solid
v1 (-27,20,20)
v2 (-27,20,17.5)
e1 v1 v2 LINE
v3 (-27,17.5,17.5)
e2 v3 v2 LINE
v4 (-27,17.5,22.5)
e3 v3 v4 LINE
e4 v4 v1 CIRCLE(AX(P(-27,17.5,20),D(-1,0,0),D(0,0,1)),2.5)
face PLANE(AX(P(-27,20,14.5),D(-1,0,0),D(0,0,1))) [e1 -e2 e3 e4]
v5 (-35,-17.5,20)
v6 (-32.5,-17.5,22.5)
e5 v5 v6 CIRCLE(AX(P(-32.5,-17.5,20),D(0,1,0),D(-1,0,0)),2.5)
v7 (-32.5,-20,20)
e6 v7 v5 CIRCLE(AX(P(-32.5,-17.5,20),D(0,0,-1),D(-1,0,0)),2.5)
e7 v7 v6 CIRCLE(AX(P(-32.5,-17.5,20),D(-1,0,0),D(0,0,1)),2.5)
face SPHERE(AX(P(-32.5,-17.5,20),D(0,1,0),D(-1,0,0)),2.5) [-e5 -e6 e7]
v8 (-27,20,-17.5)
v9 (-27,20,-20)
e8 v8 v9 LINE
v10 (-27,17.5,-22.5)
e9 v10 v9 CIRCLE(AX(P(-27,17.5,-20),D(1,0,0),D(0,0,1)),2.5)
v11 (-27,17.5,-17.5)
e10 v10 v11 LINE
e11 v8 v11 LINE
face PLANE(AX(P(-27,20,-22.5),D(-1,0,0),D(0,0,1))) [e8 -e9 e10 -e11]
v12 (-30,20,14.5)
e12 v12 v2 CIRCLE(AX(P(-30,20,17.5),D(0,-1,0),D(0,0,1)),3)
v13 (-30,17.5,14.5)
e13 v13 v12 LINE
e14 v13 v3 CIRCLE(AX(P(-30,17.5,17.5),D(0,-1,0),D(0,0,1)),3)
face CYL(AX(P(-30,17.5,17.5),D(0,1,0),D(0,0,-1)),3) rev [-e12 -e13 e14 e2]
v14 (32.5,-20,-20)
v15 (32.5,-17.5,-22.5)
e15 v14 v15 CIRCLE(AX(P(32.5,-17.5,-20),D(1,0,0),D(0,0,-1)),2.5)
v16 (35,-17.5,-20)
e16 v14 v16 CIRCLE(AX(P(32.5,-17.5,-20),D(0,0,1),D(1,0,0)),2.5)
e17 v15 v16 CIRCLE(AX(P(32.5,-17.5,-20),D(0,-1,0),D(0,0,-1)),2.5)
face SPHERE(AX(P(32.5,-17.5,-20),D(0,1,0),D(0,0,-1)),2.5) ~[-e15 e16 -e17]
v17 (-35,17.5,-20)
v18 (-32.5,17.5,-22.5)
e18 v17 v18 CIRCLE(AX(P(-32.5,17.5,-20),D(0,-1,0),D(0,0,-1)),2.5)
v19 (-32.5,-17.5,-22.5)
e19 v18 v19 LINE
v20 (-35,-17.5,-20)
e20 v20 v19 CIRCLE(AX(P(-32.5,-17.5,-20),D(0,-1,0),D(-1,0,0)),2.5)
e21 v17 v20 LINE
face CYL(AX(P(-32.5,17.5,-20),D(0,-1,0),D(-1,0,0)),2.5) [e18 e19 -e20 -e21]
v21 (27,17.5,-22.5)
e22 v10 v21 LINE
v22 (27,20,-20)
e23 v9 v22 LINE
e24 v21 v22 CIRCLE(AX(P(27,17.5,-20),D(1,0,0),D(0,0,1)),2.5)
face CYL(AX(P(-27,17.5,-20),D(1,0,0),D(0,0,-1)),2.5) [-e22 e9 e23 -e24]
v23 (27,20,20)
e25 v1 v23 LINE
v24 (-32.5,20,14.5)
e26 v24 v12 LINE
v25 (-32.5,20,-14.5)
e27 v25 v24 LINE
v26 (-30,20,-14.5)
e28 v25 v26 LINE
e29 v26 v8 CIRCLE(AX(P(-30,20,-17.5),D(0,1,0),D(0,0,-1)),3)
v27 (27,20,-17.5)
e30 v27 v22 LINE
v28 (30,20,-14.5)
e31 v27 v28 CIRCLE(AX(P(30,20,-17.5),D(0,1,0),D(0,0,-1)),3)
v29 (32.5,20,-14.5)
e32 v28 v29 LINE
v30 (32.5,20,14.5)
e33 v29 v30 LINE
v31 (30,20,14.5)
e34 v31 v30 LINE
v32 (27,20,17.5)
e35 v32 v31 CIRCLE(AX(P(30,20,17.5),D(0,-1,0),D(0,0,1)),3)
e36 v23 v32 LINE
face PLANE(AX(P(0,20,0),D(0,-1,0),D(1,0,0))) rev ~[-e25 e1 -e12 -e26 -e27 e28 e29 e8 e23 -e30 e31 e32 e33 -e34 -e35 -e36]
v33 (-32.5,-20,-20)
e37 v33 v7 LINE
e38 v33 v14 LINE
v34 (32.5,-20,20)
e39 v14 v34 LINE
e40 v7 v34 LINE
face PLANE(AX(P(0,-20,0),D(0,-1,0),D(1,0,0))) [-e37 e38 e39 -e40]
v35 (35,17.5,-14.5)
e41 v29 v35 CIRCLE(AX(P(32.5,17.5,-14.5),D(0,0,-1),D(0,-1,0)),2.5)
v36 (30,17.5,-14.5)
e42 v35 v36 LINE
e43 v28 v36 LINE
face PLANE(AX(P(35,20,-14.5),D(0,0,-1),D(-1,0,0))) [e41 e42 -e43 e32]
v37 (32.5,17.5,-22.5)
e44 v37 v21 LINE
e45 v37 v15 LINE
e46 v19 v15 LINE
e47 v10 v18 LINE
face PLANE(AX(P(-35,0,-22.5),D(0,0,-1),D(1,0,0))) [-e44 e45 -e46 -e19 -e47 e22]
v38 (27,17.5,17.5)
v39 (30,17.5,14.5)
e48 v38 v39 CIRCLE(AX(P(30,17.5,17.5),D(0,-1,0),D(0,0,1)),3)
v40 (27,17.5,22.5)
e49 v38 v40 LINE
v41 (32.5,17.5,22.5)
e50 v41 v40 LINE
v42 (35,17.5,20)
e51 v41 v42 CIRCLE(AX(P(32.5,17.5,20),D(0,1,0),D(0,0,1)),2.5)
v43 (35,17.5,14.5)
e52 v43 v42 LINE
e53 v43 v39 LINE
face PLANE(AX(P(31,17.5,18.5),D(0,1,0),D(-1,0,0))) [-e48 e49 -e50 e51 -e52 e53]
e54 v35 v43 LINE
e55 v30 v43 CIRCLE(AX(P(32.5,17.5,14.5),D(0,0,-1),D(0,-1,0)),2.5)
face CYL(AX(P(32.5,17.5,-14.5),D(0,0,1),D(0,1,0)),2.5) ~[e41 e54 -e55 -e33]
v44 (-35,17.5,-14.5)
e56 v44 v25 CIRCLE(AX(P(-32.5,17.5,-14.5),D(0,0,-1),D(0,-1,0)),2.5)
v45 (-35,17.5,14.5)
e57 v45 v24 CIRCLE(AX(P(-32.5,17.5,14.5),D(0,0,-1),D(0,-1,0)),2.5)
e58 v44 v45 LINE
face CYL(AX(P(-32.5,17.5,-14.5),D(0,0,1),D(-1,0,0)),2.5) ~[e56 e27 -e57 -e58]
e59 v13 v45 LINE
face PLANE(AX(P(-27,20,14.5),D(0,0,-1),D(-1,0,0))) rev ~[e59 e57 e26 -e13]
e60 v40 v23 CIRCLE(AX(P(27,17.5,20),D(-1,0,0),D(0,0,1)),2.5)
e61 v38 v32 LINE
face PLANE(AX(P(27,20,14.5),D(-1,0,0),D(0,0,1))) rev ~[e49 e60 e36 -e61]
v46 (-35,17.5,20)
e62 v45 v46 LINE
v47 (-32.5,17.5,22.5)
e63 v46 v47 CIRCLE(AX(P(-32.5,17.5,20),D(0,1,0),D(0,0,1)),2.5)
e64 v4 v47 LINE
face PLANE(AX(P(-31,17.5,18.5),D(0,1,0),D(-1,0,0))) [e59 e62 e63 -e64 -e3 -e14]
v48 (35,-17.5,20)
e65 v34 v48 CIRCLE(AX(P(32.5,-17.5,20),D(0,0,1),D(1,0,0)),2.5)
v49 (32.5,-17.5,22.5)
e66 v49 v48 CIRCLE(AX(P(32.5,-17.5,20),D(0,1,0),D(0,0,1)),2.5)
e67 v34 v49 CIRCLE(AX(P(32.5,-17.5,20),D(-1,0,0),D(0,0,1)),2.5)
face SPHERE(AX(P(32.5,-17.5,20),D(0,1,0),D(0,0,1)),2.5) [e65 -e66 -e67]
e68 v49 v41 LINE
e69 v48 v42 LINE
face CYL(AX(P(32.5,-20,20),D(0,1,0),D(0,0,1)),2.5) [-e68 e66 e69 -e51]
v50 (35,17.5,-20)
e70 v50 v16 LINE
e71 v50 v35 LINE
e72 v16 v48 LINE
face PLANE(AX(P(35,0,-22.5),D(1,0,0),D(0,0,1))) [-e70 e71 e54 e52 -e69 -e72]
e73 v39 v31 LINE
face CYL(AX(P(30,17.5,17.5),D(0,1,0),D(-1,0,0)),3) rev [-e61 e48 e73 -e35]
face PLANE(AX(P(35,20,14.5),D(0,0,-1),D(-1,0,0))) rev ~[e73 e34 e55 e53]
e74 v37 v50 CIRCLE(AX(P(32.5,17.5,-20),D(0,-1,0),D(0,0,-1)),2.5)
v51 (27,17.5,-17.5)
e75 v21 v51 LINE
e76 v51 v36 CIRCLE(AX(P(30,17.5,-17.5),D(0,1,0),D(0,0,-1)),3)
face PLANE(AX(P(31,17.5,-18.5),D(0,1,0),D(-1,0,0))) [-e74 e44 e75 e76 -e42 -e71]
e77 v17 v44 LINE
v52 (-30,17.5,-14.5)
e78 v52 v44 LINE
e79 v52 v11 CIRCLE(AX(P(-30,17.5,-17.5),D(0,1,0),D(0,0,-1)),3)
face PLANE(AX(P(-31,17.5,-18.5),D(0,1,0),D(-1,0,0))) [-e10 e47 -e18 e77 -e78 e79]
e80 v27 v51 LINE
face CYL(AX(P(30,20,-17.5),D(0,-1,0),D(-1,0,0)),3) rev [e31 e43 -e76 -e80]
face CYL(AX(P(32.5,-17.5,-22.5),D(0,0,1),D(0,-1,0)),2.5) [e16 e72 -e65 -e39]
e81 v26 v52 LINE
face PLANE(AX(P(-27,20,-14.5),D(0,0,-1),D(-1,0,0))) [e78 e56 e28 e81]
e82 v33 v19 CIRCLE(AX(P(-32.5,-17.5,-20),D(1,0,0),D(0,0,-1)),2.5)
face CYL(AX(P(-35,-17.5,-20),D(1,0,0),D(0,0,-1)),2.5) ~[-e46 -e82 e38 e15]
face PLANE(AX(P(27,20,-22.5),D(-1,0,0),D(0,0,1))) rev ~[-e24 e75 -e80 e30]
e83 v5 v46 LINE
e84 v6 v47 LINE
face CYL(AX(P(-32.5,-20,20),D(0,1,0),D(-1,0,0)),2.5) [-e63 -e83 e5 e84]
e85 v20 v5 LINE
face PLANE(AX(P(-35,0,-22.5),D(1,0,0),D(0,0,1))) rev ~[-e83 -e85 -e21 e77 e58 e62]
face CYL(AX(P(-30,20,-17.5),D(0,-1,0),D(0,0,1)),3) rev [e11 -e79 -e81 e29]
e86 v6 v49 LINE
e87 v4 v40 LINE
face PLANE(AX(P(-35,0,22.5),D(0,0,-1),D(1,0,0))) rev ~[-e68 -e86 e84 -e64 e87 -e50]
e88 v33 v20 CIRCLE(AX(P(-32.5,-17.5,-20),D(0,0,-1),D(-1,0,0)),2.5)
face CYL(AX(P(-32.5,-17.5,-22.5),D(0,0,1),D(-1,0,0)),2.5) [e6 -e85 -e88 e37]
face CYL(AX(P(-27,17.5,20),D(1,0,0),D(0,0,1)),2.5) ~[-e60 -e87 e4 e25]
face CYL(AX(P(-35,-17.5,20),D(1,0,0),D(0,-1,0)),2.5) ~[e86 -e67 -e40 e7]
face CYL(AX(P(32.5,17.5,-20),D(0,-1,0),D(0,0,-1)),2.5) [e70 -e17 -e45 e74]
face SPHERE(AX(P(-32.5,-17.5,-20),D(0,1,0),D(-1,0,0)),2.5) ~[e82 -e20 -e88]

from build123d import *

# Parameters (mm, degrees)
F0_W     = 70
F0_H     = 45
F1_DEPTH = 20
F2_W     = 8
F2_H     = 8
F3_DEPTH = 2.5
F4_W     = 8
F4_H     = 8
F5_DEPTH = 2.5
F6_W     = 8
F6_H     = 8
F7_DEPTH = 2.5
F8_W     = 8
F8_H     = 8
F9_DEPTH = 2.5
F10_R    = 2.5
F11_R    = 3


with BuildPart() as f1:
    # F0 (on Front) → F1 (new body, symmetric)
    with BuildSketch(Plane.XZ):
        Rectangle(F0_W, F0_H)
    extrude(amount=F1_DEPTH, both=True)

    # F2 (on face) → F3 (cut, symmetric)
    with BuildSketch(Plane(origin=(0, 20, 0), x_dir=(-1, 0, 0), z_dir=(0, 1, 0))):
        with Locations((-31, -18.5)):
            Rectangle(F2_W, F2_H)
    extrude(amount=F3_DEPTH, both=True, mode=Mode.SUBTRACT)

    # F4 (on face) → F5 (cut, symmetric)
    with BuildSketch(Plane(origin=(0, 20, 0), x_dir=(-1, 0, 0), z_dir=(0, 1, 0))):
        with Locations((31, -18.5)):
            Rectangle(F4_W, F4_H)
    extrude(amount=F5_DEPTH, both=True, mode=Mode.SUBTRACT)

    # F6 (on face) → F7 (cut, symmetric)
    with BuildSketch(Plane(origin=(0, 20, 0), x_dir=(-1, 0, 0), z_dir=(0, 1, 0))):
        with Locations((-31, 18.5)):
            Rectangle(F6_W, F6_H)
    extrude(amount=F7_DEPTH, both=True, mode=Mode.SUBTRACT)

    # F8 (on face) → F9 (cut, symmetric)
    with BuildSketch(Plane(origin=(0, 20, 0), x_dir=(-1, 0, 0), z_dir=(0, 1, 0))):
        with Locations((31, 18.5)):
            Rectangle(F8_W, F8_H)
    extrude(amount=F9_DEPTH, both=True, mode=Mode.SUBTRACT)

    # F10
    f10_edges = [f1.edges().sort_by_distance(p)[0] for p in [
        (35, -1.25, -22.5),
        (35, -1.25, 22.5),
        (-35, -1.25, 22.5),
        (-35, -1.25, -22.5),
        (-35, -20, 0),
        (-35, 20, 0),
        (0, 20, 22.5),
        (35, 20, 0),
        (0, 20, -22.5),
        (0, -20, 22.5),
        (0, -20, -22.5),
        (35, -20, 0),
    ]]
    fillet(f10_edges, radius=F10_R)

    # F11
    f11_edges = [f1.edges().sort_by_distance(p)[0] for p in [
        (27, 18.75, 14.5),
        (27, 18.75, -14.5),
        (-27, 18.75, -14.5),
        (-27, 18.75, 14.5),
    ]]
    fillet(f11_edges, radius=F11_R)


solid = f1.part
